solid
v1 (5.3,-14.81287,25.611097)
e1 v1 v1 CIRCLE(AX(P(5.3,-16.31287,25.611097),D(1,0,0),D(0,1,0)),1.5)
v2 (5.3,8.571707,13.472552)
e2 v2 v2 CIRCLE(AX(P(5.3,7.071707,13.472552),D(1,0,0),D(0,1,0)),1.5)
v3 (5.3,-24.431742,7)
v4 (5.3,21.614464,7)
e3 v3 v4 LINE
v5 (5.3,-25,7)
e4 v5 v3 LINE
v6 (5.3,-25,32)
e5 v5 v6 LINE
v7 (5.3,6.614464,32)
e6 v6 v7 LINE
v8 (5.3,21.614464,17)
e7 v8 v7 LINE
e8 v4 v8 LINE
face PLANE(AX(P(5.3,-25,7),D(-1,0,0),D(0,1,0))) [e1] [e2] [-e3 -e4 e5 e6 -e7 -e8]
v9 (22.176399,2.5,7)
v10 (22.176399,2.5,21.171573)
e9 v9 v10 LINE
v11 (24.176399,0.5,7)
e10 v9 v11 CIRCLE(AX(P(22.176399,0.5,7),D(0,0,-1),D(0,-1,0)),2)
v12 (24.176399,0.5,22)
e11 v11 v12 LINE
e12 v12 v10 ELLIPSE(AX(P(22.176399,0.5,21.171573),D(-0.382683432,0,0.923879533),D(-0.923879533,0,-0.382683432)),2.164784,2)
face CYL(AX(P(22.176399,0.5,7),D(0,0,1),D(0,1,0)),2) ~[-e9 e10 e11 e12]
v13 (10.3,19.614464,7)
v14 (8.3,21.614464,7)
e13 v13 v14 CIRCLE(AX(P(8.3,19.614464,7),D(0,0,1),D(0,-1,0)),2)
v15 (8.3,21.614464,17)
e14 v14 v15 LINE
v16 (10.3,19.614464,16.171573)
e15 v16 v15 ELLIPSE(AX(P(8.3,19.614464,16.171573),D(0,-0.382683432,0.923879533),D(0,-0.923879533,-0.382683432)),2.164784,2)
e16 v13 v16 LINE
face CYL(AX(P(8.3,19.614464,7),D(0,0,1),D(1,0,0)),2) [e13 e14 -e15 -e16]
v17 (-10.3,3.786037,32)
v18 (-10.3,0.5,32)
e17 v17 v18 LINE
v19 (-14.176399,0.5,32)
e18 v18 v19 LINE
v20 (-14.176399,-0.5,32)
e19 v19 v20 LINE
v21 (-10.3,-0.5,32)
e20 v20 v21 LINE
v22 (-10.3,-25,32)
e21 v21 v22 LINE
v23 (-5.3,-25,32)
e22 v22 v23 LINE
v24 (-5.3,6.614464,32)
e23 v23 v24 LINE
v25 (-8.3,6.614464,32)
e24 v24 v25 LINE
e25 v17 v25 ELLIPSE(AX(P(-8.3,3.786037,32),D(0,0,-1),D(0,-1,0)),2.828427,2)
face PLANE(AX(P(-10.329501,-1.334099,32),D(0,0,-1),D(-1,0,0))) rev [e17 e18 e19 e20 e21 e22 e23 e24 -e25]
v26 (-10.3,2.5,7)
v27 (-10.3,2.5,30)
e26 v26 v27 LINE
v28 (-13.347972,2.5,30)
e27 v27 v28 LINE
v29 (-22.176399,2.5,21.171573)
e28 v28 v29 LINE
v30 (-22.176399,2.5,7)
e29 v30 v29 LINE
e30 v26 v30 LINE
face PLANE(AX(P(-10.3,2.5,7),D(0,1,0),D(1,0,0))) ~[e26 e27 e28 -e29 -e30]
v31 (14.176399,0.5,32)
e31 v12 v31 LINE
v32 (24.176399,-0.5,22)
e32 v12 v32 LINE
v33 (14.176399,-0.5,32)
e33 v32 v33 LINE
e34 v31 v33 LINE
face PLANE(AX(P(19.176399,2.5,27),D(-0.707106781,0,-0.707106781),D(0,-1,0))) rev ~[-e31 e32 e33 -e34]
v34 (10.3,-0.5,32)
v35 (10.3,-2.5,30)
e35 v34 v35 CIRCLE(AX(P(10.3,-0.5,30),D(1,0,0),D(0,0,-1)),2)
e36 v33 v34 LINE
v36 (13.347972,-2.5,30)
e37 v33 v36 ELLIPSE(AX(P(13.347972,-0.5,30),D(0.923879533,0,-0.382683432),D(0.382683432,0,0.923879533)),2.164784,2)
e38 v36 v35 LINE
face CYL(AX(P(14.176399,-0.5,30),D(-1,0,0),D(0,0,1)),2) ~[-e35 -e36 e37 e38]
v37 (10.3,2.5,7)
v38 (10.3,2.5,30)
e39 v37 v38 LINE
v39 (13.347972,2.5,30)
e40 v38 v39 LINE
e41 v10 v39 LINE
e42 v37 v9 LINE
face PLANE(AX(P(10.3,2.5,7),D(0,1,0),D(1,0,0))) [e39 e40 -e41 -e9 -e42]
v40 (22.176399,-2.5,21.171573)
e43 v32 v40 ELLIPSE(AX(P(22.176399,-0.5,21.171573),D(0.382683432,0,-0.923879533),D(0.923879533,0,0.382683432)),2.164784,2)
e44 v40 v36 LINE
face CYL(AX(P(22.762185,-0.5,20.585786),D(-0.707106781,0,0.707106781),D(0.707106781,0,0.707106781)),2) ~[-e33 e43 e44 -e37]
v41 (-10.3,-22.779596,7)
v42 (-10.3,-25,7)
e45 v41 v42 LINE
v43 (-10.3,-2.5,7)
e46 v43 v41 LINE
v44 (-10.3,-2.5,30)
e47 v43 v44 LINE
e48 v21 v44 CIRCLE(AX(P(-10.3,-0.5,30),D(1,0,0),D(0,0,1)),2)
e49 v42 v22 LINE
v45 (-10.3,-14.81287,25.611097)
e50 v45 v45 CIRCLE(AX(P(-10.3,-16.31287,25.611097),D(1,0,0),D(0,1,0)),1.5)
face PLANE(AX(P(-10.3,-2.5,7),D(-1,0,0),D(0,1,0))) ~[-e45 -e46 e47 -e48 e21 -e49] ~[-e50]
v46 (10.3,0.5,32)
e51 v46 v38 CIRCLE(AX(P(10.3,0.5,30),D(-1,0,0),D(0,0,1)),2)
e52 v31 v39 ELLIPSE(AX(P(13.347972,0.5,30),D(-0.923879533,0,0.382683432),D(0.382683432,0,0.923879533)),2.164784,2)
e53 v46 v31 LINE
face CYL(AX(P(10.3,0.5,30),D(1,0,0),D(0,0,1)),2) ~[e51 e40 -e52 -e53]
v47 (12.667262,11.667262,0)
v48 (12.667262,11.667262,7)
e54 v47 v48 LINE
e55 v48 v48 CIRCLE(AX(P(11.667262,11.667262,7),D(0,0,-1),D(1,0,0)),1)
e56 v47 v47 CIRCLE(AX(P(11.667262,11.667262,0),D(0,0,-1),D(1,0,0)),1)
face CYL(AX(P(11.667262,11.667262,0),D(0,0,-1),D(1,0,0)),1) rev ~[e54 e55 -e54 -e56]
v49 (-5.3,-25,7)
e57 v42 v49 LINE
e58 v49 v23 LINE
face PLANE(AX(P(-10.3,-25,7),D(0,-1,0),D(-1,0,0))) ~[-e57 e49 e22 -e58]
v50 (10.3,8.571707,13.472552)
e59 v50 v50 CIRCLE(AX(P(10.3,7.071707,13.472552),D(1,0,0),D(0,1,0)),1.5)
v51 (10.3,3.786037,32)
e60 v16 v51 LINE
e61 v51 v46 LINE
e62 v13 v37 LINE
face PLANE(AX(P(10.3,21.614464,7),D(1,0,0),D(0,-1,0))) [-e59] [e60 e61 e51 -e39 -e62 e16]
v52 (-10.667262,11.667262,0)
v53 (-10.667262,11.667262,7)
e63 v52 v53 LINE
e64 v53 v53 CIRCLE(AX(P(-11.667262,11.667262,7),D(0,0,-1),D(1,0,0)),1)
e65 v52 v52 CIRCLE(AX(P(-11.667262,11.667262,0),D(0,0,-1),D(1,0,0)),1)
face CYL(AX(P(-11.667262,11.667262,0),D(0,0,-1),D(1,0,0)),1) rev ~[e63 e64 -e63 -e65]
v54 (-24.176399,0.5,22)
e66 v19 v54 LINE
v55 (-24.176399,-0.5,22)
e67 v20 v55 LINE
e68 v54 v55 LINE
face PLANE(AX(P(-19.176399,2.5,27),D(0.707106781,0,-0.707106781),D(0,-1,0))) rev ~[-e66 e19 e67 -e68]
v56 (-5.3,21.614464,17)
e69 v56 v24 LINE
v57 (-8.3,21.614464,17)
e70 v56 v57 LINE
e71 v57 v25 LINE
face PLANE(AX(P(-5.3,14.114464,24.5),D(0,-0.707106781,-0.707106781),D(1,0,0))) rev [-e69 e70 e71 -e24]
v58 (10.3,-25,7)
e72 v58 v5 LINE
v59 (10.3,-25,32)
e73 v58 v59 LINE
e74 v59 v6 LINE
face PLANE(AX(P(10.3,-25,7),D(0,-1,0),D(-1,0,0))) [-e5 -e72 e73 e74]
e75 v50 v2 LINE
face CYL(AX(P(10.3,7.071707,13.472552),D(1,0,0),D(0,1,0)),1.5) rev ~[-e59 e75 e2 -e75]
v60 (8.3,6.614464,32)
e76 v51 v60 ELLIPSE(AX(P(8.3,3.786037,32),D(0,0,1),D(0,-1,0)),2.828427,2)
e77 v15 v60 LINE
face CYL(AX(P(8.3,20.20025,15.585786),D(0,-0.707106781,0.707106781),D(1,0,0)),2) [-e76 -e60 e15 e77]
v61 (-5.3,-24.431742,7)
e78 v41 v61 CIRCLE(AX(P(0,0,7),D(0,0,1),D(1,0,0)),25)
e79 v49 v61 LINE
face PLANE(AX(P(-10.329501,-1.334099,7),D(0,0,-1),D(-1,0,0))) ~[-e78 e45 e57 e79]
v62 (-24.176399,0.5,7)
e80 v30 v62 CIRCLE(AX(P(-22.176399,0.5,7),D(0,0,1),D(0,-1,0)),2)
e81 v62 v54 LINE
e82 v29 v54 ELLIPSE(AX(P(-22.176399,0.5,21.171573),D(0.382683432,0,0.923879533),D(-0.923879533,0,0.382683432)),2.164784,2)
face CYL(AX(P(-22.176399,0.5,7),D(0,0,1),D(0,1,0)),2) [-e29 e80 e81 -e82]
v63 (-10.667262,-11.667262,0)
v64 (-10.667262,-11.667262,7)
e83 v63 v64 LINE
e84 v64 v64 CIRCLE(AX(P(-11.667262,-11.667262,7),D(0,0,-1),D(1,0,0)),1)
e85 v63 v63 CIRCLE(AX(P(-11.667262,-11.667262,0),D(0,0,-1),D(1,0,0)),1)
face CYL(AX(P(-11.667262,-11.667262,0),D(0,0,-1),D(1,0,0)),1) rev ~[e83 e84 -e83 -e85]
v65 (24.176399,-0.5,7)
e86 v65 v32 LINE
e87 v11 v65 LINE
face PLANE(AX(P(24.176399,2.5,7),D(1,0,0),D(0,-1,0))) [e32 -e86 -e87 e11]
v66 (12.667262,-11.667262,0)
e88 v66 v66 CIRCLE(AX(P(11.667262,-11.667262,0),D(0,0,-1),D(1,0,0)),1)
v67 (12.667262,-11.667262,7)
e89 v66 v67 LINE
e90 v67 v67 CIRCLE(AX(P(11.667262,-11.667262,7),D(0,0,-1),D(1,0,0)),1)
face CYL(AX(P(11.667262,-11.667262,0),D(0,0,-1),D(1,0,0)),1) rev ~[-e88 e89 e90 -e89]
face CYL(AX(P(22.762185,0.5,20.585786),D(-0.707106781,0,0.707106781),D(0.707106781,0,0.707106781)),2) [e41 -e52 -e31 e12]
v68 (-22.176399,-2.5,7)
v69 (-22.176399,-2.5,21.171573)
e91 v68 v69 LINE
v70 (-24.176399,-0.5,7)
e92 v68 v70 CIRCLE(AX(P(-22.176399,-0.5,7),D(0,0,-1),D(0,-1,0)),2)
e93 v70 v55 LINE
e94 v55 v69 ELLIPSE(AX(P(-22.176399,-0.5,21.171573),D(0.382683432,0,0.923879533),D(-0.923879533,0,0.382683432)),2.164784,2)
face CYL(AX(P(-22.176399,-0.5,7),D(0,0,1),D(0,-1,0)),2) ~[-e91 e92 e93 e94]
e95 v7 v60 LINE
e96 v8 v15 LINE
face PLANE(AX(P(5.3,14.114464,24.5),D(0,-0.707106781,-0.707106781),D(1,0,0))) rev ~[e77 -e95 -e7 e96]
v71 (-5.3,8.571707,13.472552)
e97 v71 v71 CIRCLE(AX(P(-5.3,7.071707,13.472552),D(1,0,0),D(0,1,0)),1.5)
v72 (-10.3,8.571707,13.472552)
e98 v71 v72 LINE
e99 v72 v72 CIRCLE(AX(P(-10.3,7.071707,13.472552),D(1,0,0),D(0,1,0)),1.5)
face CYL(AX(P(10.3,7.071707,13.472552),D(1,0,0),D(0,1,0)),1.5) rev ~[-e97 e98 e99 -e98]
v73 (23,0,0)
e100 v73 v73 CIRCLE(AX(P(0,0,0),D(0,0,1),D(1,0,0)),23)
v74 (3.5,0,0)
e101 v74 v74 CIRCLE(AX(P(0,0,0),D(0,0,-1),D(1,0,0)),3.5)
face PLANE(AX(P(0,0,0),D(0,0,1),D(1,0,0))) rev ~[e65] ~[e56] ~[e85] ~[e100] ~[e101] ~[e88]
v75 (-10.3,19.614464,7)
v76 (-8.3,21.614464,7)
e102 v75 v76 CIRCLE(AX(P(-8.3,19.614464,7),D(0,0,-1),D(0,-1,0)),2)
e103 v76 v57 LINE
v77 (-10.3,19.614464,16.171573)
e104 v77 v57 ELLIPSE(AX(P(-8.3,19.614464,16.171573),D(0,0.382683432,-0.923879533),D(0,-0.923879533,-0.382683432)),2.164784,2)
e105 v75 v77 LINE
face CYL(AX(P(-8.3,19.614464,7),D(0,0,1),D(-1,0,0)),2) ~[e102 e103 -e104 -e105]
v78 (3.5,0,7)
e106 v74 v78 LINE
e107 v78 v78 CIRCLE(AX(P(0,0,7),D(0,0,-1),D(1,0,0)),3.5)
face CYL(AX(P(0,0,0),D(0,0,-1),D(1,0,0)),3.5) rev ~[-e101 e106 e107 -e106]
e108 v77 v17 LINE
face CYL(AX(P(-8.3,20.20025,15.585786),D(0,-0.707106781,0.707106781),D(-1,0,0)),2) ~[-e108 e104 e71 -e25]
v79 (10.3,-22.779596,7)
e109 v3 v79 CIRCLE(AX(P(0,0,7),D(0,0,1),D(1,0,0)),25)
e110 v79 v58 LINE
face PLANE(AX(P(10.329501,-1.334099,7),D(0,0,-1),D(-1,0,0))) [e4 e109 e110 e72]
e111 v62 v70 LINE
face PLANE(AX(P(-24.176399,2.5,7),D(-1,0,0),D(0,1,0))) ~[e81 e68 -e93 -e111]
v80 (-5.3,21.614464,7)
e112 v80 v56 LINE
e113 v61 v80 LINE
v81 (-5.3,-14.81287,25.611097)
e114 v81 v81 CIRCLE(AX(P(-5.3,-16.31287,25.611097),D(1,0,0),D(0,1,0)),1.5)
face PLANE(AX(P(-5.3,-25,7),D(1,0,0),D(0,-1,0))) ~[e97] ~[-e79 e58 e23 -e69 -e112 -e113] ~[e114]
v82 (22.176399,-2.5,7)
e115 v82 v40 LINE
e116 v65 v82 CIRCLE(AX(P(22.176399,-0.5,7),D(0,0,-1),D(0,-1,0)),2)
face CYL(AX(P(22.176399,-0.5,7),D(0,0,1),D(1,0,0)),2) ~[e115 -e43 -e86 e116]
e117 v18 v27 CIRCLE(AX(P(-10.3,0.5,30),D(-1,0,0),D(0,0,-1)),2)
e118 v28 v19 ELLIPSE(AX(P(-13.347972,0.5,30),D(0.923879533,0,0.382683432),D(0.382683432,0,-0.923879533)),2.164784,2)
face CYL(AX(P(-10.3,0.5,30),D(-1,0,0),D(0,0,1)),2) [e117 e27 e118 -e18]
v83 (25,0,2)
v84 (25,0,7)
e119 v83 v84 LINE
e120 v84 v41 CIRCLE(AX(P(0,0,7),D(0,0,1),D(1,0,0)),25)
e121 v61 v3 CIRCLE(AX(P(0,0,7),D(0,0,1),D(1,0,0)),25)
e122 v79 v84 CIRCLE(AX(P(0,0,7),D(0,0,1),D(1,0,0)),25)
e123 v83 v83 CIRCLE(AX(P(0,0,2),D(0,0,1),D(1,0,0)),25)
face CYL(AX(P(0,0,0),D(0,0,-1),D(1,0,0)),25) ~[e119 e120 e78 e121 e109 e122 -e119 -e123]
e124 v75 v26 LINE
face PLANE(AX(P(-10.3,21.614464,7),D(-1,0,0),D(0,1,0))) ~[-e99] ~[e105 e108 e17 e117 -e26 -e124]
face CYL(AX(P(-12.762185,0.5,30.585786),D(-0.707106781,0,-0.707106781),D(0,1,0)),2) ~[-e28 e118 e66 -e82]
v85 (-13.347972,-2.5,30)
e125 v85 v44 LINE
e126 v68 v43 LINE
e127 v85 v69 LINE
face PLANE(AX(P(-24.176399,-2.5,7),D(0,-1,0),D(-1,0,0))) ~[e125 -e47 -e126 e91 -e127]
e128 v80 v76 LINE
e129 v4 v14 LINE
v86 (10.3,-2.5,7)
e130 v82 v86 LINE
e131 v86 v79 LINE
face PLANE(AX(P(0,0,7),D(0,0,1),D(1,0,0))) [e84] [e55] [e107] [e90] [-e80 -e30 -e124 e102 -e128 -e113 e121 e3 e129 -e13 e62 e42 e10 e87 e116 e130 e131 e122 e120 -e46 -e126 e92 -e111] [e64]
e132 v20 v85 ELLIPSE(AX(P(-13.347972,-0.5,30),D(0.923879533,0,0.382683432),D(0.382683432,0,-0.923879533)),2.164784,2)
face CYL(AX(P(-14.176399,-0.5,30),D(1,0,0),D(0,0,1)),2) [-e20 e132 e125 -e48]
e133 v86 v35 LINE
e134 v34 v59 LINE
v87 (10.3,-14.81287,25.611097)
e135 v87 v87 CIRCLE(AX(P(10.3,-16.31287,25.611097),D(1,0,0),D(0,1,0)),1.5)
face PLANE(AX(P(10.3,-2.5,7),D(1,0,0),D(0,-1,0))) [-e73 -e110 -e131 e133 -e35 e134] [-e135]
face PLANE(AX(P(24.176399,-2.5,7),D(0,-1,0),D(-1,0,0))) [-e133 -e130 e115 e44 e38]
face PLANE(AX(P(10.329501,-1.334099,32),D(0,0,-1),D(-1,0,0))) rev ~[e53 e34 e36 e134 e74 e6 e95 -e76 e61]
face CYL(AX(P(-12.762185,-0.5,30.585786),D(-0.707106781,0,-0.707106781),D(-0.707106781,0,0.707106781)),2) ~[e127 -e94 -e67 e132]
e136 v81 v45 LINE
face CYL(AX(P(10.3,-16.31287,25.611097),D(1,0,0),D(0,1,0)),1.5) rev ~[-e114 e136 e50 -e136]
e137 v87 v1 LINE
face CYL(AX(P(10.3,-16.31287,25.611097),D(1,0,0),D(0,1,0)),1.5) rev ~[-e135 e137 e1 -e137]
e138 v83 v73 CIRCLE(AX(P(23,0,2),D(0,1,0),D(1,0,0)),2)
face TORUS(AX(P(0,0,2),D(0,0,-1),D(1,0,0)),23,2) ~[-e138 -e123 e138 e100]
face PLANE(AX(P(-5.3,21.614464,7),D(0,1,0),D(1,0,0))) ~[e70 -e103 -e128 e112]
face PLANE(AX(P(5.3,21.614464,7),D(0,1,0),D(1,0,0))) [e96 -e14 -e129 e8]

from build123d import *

# Parameters (mm, degrees)
SKETCH_R        = 25
PAD_DEPTH       = 7
PAD001_DEPTH    = 25
CHAMFER_SIZE    = 15
CHAMFER001_SIZE = 10
FILLET_R        = 2
FILLET001_R     = 2
FILLET002_R     = 2
SKETCH002_R     = 1.5
POCKET_DEPTH    = 35.301
FILLET003_R     = 2
SKETCH003_R     = 1
POCKET001_DEPTH = 32.001
SKETCH004_R     = 3.5
POCKET002_DEPTH = 32.001


with BuildPart() as part:
    # Sketch → Pad (new body)
    with BuildSketch(Plane.XY):
        Circle(SKETCH_R)
    extrude(amount=PAD_DEPTH)

    # Sketch001 → Pad001 (new body)
    with BuildSketch(Plane.XY.offset(7)):
        Polygon((5.3, 21.614464), (10.3, 21.614464), (10.3, 2.5), (24.176399, 2.5), (24.176399, -2.5), (10.3, -2.5), (10.3, -25), (5.3, -25), align=None)
    pad001 = extrude(amount=PAD001_DEPTH)

    # Mirrored: Pad001 across Sketch001 V_Axis
    add(pad001.mirror(Plane(origin=(0, 0, 7), x_dir=(0, 0, 1), z_dir=(1, 0, 0))))

    # Chamfer
    chamfer_edges = [part.edges().sort_by_distance(p)[0] for p in [
        (7.8, 21.614464, 32),
        (-7.8, 21.614464, 32),
    ]]
    chamfer(chamfer_edges, length=CHAMFER_SIZE)

    # Chamfer001
    chamfer001_edges = [part.edges().sort_by_distance(p)[0] for p in [
        (24.176399, 0, 32),
        (-24.176399, 0, 32),
    ]]
    chamfer(chamfer001_edges, length=CHAMFER001_SIZE)

    # Fillet
    fillet_edges = [part.edges().sort_by_distance(p)[0] for p in [
        (10.3, 14.114464, 24.5),
        (10.3, 21.614464, 12),
        (-10.3, 14.114464, 24.5),
        (-10.3, 21.614464, 12),
    ]]
    fillet(fillet_edges, radius=FILLET_R)

    # Fillet001
    fillet001_edges = [part.edges().sort_by_distance(p)[0] for p in [
        (-19.176399, 2.5, 27),
        (-24.176399, 2.5, 14.5),
        (-19.176399, -2.5, 27),
        (-24.176399, -2.5, 14.5),
        (-12.2382, 2.5, 32),
        (-12.2382, -2.5, 32),
    ]]
    fillet(fillet001_edges, radius=FILLET001_R)

    # Fillet002
    fillet002_edges = [part.edges().sort_by_distance(p)[0] for p in [
        (12.2382, 2.5, 32),
        (19.176399, 2.5, 27),
        (24.176399, 2.5, 14.5),
        (24.176399, -2.5, 14.5),
        (19.176399, -2.5, 27),
        (12.2382, -2.5, 32),
    ]]
    fillet(fillet002_edges, radius=FILLET002_R)

    # Sketch002 → Pocket (cut, through all)
    with BuildSketch(Plane.YZ.offset(10.3)):
        with Locations((7.071707, 13.472552)):
            Circle(SKETCH002_R)
        with Locations((-16.31287, 25.611097)):
            Circle(SKETCH002_R)
    extrude(amount=-POCKET_DEPTH, mode=Mode.SUBTRACT)

    # Fillet003
    fillet003_edges = [part.edges().sort_by_distance(p)[0] for p in [
        (-25, 0, 0),
    ]]
    fillet(fillet003_edges, radius=FILLET003_R)

    # Sketch003 → Pocket001 (cut, through all)
    with BuildSketch(Plane(origin=(0, 0, 0), x_dir=(1, 0, 0), z_dir=(0, 0, -1))):
        with Locations((11.667262, 11.667262)):
            Circle(SKETCH003_R)
        with Locations((-11.667262, 11.667262)):
            Circle(SKETCH003_R)
        with Locations((11.667262, -11.667262)):
            Circle(SKETCH003_R)
        with Locations((-11.667262, -11.667262)):
            Circle(SKETCH003_R)
    extrude(amount=-POCKET001_DEPTH, mode=Mode.SUBTRACT)

    # Sketch004 → Pocket002 (cut, through all)
    with BuildSketch(Plane(origin=(0, 0, 0), x_dir=(1, 0, 0), z_dir=(0, 0, -1))):
        Circle(SKETCH004_R)
    extrude(amount=-POCKET002_DEPTH, mode=Mode.SUBTRACT)


solid = part.part
